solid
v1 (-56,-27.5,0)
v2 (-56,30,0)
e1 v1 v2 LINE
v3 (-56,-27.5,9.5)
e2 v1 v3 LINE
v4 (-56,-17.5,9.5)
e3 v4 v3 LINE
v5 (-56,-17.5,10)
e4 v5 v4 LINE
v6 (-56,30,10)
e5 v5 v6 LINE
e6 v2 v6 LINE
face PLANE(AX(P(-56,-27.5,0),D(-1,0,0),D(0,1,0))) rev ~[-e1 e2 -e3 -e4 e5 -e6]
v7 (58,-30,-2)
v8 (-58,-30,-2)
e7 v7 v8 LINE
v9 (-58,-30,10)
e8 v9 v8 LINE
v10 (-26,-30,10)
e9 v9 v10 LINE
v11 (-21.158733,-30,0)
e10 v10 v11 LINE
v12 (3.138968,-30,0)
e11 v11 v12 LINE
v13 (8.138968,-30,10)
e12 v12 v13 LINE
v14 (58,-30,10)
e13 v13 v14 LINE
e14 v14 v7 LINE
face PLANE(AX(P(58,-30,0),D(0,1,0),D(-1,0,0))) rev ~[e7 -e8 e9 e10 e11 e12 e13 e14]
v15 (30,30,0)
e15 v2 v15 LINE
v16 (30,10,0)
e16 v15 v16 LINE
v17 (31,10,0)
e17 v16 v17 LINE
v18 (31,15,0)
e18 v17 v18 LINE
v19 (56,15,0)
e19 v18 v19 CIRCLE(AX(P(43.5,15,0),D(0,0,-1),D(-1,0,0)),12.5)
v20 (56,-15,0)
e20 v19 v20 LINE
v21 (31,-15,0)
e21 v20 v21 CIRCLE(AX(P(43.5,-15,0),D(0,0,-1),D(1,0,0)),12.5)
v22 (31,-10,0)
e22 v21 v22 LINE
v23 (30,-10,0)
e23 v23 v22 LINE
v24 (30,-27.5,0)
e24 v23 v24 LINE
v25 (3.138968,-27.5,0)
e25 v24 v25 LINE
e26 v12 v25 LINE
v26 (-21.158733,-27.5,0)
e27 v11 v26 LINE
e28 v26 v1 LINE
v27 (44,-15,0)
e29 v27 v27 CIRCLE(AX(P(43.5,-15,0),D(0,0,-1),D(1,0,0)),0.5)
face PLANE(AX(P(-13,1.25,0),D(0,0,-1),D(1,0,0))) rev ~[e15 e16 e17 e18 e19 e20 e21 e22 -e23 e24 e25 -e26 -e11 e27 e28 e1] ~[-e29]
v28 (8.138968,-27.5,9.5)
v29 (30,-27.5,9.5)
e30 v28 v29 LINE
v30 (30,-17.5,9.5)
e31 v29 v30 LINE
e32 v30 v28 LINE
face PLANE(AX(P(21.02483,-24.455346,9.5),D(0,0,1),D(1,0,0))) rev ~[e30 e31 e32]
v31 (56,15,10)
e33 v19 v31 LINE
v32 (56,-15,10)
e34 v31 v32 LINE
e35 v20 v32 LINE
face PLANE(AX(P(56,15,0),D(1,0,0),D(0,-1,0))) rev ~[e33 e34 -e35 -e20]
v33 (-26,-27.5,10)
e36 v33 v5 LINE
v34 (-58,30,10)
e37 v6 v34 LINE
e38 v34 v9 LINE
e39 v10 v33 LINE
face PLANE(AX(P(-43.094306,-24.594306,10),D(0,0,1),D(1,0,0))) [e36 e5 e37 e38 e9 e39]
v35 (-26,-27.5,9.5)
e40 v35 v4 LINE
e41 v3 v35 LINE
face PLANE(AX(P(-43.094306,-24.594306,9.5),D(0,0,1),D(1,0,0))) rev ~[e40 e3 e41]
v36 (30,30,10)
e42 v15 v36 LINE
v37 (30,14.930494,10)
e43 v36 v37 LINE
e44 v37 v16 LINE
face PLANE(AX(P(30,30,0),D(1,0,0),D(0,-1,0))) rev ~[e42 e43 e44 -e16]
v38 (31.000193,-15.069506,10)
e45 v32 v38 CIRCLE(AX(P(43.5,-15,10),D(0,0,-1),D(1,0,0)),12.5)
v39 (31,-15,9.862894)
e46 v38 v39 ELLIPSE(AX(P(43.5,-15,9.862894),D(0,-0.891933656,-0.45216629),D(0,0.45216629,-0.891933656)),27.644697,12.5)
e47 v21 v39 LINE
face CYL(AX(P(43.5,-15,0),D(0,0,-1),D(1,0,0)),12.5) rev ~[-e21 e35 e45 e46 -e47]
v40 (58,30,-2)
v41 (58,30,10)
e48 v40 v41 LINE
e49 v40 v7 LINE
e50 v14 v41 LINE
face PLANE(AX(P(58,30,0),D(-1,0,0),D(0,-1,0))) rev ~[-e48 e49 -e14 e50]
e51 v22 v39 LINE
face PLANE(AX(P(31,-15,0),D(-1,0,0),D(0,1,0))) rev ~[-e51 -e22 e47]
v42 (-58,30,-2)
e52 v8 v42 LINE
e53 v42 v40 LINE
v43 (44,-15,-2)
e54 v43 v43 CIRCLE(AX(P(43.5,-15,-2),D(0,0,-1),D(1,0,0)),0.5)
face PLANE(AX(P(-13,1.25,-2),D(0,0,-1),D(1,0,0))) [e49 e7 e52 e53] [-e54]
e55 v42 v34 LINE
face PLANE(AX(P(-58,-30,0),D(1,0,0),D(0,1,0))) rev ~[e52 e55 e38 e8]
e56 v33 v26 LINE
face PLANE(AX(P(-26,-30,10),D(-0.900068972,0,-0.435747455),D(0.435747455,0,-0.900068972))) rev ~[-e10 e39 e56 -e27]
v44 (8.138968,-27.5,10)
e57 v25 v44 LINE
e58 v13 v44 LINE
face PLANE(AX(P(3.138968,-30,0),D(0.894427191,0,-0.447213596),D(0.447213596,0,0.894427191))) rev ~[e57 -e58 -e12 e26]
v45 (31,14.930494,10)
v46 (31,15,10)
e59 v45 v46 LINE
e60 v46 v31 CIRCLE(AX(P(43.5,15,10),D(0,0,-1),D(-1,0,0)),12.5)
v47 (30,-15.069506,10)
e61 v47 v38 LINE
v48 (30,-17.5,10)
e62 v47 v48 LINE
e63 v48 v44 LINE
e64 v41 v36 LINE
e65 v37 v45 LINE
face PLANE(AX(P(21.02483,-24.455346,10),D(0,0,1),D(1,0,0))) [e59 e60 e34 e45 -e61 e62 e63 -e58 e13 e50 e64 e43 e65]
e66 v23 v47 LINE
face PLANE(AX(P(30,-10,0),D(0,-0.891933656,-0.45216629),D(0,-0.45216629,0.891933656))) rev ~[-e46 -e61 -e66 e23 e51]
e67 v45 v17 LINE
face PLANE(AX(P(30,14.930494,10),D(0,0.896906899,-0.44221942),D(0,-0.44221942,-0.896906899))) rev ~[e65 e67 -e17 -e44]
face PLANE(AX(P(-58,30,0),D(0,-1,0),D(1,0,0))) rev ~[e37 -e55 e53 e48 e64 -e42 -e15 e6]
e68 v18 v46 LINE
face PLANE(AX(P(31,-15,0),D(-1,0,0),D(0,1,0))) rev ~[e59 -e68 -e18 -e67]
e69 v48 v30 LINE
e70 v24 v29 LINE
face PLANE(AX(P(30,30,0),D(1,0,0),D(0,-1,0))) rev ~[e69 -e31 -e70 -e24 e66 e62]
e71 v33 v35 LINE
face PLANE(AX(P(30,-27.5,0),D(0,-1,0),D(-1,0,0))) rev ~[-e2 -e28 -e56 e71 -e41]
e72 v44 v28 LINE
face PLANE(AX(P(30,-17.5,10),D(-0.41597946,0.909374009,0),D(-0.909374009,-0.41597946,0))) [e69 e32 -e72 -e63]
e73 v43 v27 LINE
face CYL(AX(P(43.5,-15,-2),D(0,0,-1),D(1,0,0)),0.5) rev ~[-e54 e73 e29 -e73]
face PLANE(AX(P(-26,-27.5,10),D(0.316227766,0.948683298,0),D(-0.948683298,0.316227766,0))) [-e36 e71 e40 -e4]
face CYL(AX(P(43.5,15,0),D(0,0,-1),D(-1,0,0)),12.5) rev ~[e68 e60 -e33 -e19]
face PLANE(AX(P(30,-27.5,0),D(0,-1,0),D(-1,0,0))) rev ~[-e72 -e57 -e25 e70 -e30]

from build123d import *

# Parameters (mm, degrees)
F1_DEPTH  = 10
F2_W      = 86
F2_H      = 57.5
F3_DEPTH  = 2
F5_DEPTH  = 60.001
F7_DEPTH  = 0.5
F9_DEPTH  = 0.5
F10_R     = 0.5
F11_DEPTH = 12.001
F13_DEPTH = 3


with BuildPart() as f1:
    # F0 (on Top) → F1 (new body)
    with BuildSketch(Plane.XY):
        Polygon((-58, -30), (58, -30), (58, 30), (30, 30), (30, -27.5), (-56, -27.5), (-56, 30), (-58, 30), align=None)
        with BuildLine():
            ThreePointArc((31, 15), (43.5, 27.5), (56, 15))
            Line((56, 15), (56, -15))
            ThreePointArc((56, -15), (43.5, -27.5), (31, -15))
            Line((31, -15), (31, 15))
        make_face(mode=Mode.SUBTRACT)
    extrude(amount=F1_DEPTH)

    # F2 (on face) → F3 (join)
    with BuildSketch(Plane(origin=(0, 0, 0), x_dir=(1, 0, 0), z_dir=(0, 0, -1))):
        with Locations((-13, -1.25)):
            Rectangle(F2_W, F2_H)
        Polygon((30, -30), (58, -30), (58, 30), (-58, 30), (-58, -30), (-56, -30), (-56, 27.5), (30, 27.5), align=None)
        with BuildLine():
            Line((56, 15), (56, -15))
            ThreePointArc((56, -15), (43.5, -27.5), (31, -15))
            Line((31, -15), (31, 15))
            ThreePointArc((31, 15), (43.5, 27.5), (56, 15))
        make_face(mode=Mode.SUBTRACT)
        with BuildLine():
            ThreePointArc((31, -15), (43.5, -27.5), (56, -15))
            Line((56, -15), (56, 15))
            ThreePointArc((56, 15), (43.5, 27.5), (31, 15))
            Line((31, 15), (31, -15))
        make_face()
    extrude(amount=F3_DEPTH)

    # F4 (on face) → F5 (cut, through all)
    with BuildSketch(Plane.XZ.offset(30)):
        Polygon((8.1389684882, 10), (-26, 10), (-21.1587326229, 0), (3.1389684882, 0), align=None)
    extrude(amount=-F5_DEPTH, mode=Mode.SUBTRACT)

    # F6 (on face) → F7 (join)
    with BuildSketch(Plane.XY.offset(10)):
        Polygon((-56, -27.5), (-26, -27.5), (-56, -17.5), align=None)
    extrude(amount=-F7_DEPTH)

    # F8 (on face) → F9 (join)
    with BuildSketch(Plane.XY.offset(10)):
        Polygon((30, -17.5), (8.1389684882, -27.5), (30, -27.5), align=None)
    extrude(amount=-F9_DEPTH)

    # F10 (on face) → F11 (cut, through all)
    with BuildSketch(Plane(origin=(0, 0, -2), x_dir=(1, 0, 0), z_dir=(0, 0, -1))):
        with Locations((43.5, 15)):
            Circle(F10_R)
    extrude(amount=-F11_DEPTH, mode=Mode.SUBTRACT)

    # F12 (on face) → F13 (cut)
    with BuildSketch(Plane(origin=(30, 0, 0), x_dir=(0, -1, 0), z_dir=(-1, 0, 0))):
        Polygon((15.0695058703, 10), (-14.9304941297, 10), (-10, 0), (10, 0), align=None)
    extrude(amount=-F13_DEPTH, mode=Mode.SUBTRACT)


solid = f1.part
